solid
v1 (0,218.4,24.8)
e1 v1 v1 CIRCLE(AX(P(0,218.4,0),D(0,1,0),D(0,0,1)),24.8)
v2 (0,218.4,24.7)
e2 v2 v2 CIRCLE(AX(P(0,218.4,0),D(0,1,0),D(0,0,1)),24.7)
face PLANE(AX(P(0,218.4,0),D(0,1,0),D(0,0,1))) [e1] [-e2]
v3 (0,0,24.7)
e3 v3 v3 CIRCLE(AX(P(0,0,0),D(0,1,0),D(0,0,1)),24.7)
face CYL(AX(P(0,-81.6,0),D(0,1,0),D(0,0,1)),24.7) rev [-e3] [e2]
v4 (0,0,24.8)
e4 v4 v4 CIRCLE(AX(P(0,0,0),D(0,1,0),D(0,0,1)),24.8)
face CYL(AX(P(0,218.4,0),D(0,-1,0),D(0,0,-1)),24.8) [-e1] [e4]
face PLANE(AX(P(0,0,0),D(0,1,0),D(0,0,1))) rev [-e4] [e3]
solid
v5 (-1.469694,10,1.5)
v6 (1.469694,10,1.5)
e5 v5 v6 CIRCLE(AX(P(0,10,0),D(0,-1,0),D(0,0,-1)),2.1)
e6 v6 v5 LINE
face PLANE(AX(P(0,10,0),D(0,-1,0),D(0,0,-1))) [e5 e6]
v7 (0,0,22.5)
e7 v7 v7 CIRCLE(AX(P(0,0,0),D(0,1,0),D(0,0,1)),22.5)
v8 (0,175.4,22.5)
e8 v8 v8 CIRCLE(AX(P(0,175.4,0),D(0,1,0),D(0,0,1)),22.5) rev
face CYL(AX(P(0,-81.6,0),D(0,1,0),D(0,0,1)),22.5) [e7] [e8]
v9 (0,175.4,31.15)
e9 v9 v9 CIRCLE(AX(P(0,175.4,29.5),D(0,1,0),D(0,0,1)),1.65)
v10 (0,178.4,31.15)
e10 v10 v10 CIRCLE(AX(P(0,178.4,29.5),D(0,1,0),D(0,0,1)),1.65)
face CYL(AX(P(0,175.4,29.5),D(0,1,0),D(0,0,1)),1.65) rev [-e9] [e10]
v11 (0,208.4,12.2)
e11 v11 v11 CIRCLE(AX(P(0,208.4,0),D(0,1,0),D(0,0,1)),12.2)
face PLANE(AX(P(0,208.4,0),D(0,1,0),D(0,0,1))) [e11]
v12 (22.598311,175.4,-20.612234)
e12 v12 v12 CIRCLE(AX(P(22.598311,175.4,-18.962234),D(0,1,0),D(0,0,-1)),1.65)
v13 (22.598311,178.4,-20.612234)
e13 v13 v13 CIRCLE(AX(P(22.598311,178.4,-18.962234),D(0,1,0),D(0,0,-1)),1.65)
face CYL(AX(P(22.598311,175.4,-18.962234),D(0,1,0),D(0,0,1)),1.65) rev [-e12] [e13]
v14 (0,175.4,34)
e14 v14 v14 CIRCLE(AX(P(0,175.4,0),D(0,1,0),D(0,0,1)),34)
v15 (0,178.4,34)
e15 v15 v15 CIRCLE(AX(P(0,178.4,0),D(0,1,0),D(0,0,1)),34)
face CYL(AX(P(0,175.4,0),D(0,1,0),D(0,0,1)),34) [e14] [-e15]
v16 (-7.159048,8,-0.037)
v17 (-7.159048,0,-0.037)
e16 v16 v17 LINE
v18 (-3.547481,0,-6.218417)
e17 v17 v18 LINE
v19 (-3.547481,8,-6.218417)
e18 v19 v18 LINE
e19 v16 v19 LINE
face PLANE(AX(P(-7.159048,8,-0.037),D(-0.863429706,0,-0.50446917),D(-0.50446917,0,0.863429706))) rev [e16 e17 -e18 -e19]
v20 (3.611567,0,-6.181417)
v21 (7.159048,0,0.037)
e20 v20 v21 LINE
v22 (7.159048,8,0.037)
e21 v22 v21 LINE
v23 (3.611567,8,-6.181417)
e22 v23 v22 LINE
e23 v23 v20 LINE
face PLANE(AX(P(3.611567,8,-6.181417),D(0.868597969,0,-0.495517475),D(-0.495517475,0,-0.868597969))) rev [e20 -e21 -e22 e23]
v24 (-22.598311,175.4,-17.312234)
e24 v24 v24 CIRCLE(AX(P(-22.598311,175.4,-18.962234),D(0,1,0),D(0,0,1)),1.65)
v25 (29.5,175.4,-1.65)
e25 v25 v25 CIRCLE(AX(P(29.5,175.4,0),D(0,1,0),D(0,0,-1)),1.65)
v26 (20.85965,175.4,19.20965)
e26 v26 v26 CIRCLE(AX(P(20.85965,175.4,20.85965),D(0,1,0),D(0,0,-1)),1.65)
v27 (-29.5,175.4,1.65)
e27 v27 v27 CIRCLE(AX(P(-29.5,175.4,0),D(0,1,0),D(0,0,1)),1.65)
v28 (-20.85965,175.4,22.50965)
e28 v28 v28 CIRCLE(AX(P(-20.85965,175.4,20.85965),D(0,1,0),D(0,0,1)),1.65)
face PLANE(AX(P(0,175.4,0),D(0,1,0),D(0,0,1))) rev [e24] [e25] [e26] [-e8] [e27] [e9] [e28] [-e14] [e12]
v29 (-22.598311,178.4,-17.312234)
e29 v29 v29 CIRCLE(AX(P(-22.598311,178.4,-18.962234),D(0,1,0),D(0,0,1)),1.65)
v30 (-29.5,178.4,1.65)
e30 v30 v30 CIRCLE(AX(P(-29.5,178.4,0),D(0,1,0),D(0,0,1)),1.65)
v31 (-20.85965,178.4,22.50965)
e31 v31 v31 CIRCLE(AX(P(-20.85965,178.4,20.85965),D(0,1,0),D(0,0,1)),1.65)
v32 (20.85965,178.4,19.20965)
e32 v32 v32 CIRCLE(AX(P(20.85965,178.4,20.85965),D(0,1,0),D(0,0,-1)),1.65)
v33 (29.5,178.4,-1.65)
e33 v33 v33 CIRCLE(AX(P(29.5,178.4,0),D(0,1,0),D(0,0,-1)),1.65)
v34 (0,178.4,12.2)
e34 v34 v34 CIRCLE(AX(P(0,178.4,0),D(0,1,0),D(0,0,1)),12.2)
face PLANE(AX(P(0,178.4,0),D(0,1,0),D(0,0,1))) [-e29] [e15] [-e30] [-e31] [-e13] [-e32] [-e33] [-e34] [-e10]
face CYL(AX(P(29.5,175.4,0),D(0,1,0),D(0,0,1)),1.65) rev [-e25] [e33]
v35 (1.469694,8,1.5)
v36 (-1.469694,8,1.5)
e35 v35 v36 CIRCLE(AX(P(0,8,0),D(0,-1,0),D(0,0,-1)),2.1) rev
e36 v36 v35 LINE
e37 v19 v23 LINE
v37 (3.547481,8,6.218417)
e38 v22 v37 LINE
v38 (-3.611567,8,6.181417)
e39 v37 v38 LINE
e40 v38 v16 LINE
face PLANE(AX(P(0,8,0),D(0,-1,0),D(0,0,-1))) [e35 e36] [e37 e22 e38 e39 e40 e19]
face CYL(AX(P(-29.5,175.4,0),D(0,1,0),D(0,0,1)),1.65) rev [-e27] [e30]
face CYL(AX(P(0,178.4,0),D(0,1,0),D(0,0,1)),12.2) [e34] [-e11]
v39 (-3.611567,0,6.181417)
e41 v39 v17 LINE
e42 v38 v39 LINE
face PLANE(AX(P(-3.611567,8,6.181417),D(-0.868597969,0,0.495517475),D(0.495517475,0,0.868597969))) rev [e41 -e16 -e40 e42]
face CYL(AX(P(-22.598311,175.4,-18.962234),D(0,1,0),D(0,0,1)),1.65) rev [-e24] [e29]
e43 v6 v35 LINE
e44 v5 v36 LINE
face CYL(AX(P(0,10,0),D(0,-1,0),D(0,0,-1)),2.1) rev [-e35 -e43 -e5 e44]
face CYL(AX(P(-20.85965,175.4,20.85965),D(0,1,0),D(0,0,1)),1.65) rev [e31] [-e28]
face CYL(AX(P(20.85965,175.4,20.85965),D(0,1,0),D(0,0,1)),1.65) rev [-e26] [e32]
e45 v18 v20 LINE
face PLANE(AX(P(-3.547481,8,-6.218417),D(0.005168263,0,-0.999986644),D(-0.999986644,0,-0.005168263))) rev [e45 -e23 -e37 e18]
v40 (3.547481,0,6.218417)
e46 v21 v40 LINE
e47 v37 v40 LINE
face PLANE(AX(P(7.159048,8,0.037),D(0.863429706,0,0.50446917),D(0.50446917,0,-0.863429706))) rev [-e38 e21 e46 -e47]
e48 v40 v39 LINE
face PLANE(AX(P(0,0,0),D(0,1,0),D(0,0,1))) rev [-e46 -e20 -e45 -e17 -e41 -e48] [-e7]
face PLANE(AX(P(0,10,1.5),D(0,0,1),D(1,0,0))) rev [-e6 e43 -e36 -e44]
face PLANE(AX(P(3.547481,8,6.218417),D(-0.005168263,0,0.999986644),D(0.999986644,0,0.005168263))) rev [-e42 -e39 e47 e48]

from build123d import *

# Parameters (mm, degrees)
CROQUIS1_R              = 24.8
SALIENTE_EXTRUIR1_DEPTH = 218.4
CORTAR_EXTRUIR1_DEPTH   = 10
CROQUIS3_R              = 12.2
SALIENTE_EXTRUIR2_DEPTH = 30
CORTAR_EXTRUIR2_DEPTH   = 8
CROQUIS5_R              = 24.7
CROQUIS5_R_2            = 22.5
CORTAR_EXTRUIR3_DEPTH   = 300
CROQUIS6_R              = 25.872399076
CORTAR_EXTRUIR4_DEPTH   = 40
CROQUIS7_R              = 30.018047562
CROQUIS7_R_2            = 12.2
CORTAR_EXTRUIR5_DEPTH   = 30
CROQUIS8_R              = 34
CROQUIS8_R_2            = 1.65
CROQUIS8_R_3            = 22.3
SALIENTE_EXTRUIR3_DEPTH = 3


with BuildPart() as part:
    # Croquis1 → Saliente-Extruir1 (new body)
    with BuildSketch(Plane(origin=(0, 0, 0), x_dir=(1, 0, 0), z_dir=(0, 1, 0))):
        with Locations(Location((0, 0, 0), (0, 0, 270))):
            Circle(CROQUIS1_R)
    extrude(amount=SALIENTE_EXTRUIR1_DEPTH)

    # Croquis2 → Cortar-Extruir1 (cut)
    with BuildSketch(Plane.XZ):
        with BuildLine():
            Line((0, 1.5), (1.469693846, 1.5))
            ThreePointArc((1.469693846, 1.5), (0, -2.1), (-1.469693846, 1.5))
            Line((-1.469693846, 1.5), (0, 1.5))
        make_face()
    extrude(amount=-CORTAR_EXTRUIR1_DEPTH, mode=Mode.SUBTRACT)

    # Croquis3 → Saliente-Extruir2 (add)
    with BuildSketch(Plane(origin=(0, 218.4, 0), x_dir=(1, 0, 0), z_dir=(0, 1, 0))):
        with Locations(Location((0, 0, 0), (0, 0, 270))):
            Circle(CROQUIS3_R)
    extrude(amount=SALIENTE_EXTRUIR2_DEPTH)

    # Croquis4 → Cortar-Extruir2 (cut)
    with BuildSketch(Plane.XZ):
        Polygon((3.547480629, 6.218417365), (-3.611567095, 6.181417026), (-7.159047724, -0.037000339), (-3.547480629, -6.218417365), (3.611567095, -6.181417026), (7.159047724, 0.037000339), align=None)
    extrude(amount=-CORTAR_EXTRUIR2_DEPTH, mode=Mode.SUBTRACT)

    # Croquis5 → Cortar-Extruir3 (cut)
    with BuildSketch(Plane(origin=(0, 218.4, 0), x_dir=(1, 0, 0), z_dir=(0, 1, 0))):
        with Locations(Location((0, 0, 0), (0, 0, 270))):
            Circle(CROQUIS5_R)
        with Locations(Location((0, 0, 0), (0, 0, 270))):
            Circle(CROQUIS5_R_2, mode=Mode.SUBTRACT)
    extrude(amount=-CORTAR_EXTRUIR3_DEPTH, mode=Mode.SUBTRACT)


with BuildPart() as cortar_extruir3_piece_1:
    # of the separate pieces the step leaves, piece 1, a body of its own (cortar_extruir3_pieces)
    add(part.part.solids().sort_by_distance((0, 0, 22.5))[0])

    # Croquis6 → Cortar-Extruir4 (cut)
    with BuildSketch(Plane(origin=(0, 248.4, 0), x_dir=(1, 0, 0), z_dir=(0, 1, 0))):
        Circle(CROQUIS6_R)
    extrude(amount=-CORTAR_EXTRUIR4_DEPTH, mode=Mode.SUBTRACT)

    # Croquis7 → Cortar-Extruir5 (cut)
    with BuildSketch(Plane(origin=(0, 208.4, 0), x_dir=(1, 0, 0), z_dir=(0, 1, 0))):
        Circle(CROQUIS7_R)
        with Locations(Location((0, 0, 0), (0, 0, 270))):
            Circle(CROQUIS7_R_2, mode=Mode.SUBTRACT)
    extrude(amount=-CORTAR_EXTRUIR5_DEPTH, mode=Mode.SUBTRACT)

    # Croquis8 → Saliente-Extruir3 (add)
    with BuildSketch(Plane(origin=(0, 178.4, 0), x_dir=(1, 0, 0), z_dir=(0, 1, 0))):
        with Locations(Location((0, 0, 0), (0, 0, 270))):
            Circle(CROQUIS8_R)
        with Locations(Location((-22.598311072, 18.962234486, 0), (0, 0, 270))):
            Circle(CROQUIS8_R_2, mode=Mode.SUBTRACT)
        with Locations(Location((-29.5, 0, 0), (0, 0, 270))):
            Circle(CROQUIS8_R_2, mode=Mode.SUBTRACT)
        with Locations(Location((-20.859650045, -20.859650045, 0), (0, 0, 270))):
            Circle(CROQUIS8_R_2, mode=Mode.SUBTRACT)
        with Locations(Location((0, -29.5, 0), (0, 0, 270))):
            Circle(CROQUIS8_R_2, mode=Mode.SUBTRACT)
        with Locations(Location((20.859650045, -20.859650045, 0), (0, 0, 90))):
            Circle(CROQUIS8_R_2, mode=Mode.SUBTRACT)
        with Locations(Location((22.598311072, 18.962234486, 0), (0, 0, 90))):
            Circle(CROQUIS8_R_2, mode=Mode.SUBTRACT)
        with Locations(Location((29.5, 0, 0), (0, 0, 90))):
            Circle(CROQUIS8_R_2, mode=Mode.SUBTRACT)
        Circle(CROQUIS8_R_3, mode=Mode.SUBTRACT)
    extrude(amount=-SALIENTE_EXTRUIR3_DEPTH)


with BuildPart() as cortar_extruir3_piece_2:
    # of the separate pieces the step leaves, piece 2, a body of its own (cortar_extruir3_pieces)
    add(part.part.solids().sort_by_distance((0, 0, 24.8))[0])


solid = Compound([cortar_extruir3_piece_1.part, cortar_extruir3_piece_2.part])
